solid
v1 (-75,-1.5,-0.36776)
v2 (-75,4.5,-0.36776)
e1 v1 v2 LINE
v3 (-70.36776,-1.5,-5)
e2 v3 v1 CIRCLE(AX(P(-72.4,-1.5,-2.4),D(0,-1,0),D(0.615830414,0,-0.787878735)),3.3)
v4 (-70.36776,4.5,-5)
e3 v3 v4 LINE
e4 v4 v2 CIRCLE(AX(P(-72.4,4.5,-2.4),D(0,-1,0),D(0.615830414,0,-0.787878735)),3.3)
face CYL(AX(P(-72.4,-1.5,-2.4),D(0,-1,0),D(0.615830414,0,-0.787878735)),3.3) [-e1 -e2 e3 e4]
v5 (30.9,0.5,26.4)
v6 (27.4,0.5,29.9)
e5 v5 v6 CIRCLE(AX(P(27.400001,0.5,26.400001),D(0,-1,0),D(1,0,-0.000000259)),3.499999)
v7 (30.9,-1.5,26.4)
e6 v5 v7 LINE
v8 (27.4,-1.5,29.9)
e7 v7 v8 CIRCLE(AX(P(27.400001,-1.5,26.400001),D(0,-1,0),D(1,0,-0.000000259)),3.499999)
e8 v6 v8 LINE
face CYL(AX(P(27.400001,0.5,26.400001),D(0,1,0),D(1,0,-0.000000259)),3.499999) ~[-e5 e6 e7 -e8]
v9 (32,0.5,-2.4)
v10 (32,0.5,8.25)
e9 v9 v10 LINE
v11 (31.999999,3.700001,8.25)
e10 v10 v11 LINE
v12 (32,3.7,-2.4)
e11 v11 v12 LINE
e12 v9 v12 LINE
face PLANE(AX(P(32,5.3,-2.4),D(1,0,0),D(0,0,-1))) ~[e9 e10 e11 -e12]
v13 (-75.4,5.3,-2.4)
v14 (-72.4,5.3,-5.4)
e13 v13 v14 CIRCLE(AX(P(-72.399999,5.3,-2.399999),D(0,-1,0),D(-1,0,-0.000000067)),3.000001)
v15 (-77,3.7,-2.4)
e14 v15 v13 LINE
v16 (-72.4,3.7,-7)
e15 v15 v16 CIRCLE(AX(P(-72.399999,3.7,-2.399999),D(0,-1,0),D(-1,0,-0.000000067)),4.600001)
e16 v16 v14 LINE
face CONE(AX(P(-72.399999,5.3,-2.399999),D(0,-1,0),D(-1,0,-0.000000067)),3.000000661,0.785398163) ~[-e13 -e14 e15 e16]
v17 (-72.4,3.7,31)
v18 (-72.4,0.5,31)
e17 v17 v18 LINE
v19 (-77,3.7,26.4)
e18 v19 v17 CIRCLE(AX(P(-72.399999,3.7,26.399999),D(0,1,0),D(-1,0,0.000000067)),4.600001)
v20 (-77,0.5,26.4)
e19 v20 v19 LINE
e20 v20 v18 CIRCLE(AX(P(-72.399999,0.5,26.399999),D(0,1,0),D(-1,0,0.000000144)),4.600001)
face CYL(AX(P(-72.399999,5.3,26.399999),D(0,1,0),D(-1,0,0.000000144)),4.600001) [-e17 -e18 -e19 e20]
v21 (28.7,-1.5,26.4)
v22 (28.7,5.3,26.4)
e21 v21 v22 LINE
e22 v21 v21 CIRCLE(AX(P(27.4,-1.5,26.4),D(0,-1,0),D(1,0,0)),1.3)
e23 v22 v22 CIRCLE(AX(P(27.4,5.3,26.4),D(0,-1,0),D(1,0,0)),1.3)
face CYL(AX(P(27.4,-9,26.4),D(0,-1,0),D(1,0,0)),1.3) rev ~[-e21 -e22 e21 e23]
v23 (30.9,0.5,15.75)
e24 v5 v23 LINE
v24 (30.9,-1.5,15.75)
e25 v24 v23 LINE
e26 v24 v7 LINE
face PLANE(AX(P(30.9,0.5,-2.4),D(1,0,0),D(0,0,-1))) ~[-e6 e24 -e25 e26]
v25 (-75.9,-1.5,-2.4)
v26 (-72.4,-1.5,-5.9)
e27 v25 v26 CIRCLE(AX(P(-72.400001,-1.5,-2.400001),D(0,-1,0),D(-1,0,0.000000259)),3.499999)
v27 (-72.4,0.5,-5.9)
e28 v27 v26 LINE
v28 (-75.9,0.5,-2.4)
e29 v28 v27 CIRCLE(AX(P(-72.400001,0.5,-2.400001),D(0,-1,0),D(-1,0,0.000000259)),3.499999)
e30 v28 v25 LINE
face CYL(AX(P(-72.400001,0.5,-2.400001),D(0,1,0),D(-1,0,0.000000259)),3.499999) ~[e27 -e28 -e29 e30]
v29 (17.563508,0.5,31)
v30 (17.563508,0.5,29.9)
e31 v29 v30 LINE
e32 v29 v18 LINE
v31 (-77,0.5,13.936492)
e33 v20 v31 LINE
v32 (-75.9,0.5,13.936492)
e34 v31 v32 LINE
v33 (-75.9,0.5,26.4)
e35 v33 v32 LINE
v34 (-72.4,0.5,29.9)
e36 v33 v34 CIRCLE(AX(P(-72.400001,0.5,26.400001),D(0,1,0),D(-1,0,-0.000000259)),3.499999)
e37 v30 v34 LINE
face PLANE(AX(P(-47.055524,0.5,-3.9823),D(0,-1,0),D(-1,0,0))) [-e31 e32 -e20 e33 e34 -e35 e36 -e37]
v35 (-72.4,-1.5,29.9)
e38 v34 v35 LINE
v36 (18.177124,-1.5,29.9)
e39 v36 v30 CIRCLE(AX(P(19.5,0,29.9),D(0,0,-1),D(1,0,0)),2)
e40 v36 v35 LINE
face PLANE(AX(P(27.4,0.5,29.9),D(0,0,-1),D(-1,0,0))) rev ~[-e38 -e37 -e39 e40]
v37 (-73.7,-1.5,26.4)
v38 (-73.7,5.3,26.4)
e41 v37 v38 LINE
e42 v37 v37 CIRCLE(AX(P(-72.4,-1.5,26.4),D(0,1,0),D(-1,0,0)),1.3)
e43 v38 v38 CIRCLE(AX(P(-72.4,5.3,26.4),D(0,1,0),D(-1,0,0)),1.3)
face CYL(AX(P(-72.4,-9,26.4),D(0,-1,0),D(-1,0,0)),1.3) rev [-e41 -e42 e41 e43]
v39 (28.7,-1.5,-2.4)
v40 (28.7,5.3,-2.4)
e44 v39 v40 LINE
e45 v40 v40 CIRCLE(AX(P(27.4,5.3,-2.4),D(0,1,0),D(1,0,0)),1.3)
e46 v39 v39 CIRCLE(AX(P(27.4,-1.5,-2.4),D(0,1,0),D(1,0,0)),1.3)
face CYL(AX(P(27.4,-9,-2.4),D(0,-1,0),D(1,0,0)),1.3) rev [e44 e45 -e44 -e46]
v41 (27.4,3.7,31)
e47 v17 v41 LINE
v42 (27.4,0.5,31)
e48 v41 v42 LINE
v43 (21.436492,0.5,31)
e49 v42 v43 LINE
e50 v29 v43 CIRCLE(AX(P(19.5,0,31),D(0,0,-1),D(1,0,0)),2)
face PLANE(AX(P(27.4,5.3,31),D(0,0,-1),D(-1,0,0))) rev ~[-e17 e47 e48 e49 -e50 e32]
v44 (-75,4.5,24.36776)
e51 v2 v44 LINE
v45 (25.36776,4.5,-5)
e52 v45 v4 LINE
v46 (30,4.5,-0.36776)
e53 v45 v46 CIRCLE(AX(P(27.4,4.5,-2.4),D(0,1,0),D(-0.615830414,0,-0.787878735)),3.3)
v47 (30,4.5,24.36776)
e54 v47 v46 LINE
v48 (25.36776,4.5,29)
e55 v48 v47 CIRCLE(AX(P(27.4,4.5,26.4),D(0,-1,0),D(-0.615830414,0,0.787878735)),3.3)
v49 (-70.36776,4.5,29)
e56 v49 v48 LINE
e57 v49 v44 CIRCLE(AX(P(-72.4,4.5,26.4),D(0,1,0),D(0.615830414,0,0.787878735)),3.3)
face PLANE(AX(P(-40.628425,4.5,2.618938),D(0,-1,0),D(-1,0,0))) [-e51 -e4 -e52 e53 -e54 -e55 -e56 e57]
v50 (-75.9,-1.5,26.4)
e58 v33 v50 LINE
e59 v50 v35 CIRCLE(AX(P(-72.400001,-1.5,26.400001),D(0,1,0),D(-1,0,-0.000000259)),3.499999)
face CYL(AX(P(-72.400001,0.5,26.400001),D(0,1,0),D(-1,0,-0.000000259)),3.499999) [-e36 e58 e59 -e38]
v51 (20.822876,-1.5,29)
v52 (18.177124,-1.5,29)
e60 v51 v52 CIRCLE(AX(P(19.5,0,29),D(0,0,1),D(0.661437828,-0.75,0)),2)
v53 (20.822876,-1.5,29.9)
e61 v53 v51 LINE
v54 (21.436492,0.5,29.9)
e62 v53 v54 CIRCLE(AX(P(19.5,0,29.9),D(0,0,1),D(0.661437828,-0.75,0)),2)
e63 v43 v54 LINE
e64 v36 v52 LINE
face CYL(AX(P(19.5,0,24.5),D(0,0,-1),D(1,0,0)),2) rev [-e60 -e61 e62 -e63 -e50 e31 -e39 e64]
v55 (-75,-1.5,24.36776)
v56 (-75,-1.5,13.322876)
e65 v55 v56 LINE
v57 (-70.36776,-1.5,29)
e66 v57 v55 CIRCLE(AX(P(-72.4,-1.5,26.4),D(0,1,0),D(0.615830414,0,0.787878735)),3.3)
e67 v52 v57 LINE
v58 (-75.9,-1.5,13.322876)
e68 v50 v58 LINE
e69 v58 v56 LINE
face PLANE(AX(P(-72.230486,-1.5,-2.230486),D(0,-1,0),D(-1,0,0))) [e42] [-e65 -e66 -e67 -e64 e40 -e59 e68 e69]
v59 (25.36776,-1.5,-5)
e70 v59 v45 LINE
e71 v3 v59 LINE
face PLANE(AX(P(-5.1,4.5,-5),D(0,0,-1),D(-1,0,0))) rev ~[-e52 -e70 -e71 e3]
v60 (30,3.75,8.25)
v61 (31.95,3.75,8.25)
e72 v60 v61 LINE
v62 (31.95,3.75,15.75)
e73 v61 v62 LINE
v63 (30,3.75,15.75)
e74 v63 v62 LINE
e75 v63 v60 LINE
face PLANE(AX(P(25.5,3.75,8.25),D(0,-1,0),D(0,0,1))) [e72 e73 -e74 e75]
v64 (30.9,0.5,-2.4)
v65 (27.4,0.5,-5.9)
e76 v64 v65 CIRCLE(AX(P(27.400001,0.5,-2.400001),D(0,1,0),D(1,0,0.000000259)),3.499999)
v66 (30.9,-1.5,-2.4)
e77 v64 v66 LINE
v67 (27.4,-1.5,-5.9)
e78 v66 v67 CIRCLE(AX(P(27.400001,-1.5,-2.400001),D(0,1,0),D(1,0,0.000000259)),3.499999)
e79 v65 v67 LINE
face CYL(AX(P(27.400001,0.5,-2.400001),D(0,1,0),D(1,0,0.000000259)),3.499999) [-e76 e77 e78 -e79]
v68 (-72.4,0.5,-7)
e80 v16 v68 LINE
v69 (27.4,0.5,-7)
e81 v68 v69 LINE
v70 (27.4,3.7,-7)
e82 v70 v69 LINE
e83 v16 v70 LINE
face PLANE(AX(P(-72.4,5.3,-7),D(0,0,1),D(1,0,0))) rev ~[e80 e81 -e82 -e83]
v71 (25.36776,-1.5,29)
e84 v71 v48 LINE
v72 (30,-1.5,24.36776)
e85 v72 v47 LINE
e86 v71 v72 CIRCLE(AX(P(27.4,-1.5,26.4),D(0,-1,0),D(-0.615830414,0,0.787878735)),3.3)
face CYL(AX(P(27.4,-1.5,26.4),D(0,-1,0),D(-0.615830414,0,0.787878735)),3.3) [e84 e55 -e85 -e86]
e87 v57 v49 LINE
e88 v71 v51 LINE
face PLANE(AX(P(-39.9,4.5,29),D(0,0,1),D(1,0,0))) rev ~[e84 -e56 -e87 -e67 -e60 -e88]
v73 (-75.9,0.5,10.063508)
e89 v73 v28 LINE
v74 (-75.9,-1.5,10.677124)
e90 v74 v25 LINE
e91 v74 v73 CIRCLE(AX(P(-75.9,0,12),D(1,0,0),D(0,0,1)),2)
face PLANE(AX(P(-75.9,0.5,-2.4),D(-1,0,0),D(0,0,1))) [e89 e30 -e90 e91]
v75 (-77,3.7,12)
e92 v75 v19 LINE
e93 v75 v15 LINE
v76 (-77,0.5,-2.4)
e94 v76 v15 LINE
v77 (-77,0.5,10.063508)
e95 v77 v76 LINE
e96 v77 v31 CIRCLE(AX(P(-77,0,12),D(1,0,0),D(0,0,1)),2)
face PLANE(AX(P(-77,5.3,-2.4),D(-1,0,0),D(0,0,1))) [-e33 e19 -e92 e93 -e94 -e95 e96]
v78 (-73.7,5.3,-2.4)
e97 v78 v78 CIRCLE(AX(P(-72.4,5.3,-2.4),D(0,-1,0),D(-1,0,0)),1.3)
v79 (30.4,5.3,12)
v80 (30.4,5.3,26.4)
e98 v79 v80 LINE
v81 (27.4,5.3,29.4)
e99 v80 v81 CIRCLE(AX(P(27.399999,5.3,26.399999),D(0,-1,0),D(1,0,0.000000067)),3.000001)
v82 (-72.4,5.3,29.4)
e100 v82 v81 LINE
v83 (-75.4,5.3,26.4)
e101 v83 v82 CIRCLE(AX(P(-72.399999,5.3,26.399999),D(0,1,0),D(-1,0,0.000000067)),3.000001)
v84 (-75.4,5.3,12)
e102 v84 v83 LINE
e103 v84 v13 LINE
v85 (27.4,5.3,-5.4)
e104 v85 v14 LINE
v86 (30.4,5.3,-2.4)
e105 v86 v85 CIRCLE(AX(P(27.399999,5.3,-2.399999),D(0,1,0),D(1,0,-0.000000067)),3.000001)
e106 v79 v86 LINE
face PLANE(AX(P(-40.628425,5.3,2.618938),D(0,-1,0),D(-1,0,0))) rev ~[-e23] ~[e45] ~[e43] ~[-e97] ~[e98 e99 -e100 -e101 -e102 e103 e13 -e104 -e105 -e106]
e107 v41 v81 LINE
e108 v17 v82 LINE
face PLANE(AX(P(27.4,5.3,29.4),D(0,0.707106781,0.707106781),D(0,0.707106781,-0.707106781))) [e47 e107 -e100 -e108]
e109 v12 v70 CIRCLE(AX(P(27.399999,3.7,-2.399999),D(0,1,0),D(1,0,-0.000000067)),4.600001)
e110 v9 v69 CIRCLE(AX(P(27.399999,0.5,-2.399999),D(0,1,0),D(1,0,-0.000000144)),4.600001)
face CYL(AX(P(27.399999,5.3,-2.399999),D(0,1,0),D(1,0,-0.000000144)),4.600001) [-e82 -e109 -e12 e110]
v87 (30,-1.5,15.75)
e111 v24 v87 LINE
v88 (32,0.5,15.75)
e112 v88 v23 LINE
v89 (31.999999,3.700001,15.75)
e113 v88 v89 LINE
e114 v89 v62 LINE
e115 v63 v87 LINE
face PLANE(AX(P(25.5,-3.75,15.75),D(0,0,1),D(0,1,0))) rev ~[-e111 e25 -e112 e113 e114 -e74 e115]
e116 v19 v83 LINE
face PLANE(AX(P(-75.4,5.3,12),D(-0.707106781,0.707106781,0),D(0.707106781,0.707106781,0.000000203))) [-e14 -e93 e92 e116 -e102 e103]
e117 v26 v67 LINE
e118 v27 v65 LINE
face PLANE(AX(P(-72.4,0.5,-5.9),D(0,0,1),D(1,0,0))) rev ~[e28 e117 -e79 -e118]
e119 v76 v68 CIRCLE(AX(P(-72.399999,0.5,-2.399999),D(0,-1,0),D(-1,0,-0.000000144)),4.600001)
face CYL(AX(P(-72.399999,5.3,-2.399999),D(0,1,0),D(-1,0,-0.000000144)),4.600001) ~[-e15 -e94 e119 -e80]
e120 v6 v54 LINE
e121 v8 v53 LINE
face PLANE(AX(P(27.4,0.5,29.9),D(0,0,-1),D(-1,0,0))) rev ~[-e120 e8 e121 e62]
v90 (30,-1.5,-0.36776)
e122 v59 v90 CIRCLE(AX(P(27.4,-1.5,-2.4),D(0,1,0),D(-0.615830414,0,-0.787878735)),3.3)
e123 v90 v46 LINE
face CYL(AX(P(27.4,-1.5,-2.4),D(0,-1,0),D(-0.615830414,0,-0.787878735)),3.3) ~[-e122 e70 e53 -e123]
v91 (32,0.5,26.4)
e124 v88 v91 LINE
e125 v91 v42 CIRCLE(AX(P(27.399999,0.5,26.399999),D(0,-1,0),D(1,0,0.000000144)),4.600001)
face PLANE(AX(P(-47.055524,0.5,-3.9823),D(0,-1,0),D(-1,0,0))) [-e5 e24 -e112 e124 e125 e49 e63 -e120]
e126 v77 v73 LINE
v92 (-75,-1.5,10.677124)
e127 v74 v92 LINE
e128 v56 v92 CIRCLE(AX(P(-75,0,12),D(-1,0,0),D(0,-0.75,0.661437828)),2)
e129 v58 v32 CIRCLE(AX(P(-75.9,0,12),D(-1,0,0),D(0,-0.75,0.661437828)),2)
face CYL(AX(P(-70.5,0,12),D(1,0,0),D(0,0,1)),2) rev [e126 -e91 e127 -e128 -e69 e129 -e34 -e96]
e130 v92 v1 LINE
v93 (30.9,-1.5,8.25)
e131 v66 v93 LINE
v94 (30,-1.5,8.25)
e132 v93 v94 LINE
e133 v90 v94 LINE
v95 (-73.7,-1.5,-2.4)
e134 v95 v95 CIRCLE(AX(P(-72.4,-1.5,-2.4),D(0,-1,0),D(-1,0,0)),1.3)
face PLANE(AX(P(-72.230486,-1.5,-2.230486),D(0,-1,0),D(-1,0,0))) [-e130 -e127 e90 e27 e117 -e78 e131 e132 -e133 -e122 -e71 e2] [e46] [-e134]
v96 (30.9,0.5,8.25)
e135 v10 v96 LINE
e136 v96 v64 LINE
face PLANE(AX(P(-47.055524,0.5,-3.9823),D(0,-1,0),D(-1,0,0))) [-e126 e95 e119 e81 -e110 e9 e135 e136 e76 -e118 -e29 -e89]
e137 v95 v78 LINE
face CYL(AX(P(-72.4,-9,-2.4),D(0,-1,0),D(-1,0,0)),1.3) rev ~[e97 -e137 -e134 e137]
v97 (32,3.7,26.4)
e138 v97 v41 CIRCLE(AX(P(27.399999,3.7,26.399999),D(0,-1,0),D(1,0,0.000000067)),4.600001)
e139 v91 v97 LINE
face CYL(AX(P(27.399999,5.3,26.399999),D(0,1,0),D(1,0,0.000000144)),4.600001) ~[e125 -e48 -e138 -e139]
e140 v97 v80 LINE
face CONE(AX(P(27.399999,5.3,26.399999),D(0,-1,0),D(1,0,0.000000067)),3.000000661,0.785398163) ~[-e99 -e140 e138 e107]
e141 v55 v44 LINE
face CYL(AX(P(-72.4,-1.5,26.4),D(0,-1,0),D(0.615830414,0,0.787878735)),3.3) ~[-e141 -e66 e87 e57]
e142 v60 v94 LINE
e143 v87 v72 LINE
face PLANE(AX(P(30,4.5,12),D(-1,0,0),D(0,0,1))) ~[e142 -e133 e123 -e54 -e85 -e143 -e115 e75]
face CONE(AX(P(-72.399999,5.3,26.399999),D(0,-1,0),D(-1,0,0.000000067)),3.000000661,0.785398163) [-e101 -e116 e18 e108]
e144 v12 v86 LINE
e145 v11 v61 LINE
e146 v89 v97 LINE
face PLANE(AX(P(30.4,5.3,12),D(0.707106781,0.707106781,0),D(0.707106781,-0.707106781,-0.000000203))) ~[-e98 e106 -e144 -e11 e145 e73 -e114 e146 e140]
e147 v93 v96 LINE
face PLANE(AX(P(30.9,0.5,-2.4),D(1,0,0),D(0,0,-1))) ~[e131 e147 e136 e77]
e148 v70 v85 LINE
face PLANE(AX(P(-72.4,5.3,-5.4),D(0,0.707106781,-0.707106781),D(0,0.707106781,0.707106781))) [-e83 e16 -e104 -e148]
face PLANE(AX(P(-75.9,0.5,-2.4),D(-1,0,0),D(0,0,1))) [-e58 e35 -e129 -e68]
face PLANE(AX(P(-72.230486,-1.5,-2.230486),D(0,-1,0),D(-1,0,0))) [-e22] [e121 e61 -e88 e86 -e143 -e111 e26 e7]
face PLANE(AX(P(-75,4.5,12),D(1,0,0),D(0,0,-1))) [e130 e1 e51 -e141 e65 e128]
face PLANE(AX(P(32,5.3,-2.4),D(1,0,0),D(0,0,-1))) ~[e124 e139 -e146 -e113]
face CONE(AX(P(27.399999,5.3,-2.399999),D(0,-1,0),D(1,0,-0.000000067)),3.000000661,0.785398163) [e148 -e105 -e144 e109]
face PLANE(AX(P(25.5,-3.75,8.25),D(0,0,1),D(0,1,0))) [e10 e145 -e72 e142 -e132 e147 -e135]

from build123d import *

# Parameters (mm, degrees)
CYLINDER003_R     = 2
CYLINDER003_DEPTH = 10
CYLINDER001_R     = 2
CYLINDER001_DEPTH = 10
SKETCH037_W       = 7.5
SKETCH037_H       = 7.5
EXTRUDE045_DEPTH  = 10
SKETCH005_R       = 1.3
EXTRUDE003_DEPTH  = 20
EXTRUDE039_DEPTH  = 4
EXTRUDE042_DEPTH  = 0.8
EXTRUDE002_DEPTH  = 6
EXTRUDE037_DEPTH  = 2


with BuildPart() as shutter_cable001:
    # Cylinder003 → Cylinder003 (new body)
    with BuildSketch(Plane(origin=(19.5, 0, 24.5), x_dir=(1, 0, 0), z_dir=(0, 0, 1))):
        Circle(CYLINDER003_R)
    extrude(amount=CYLINDER003_DEPTH)


with BuildPart() as battery_cable:
    # Cylinder001 → Cylinder001 (new body)
    with BuildSketch(Plane(origin=(-70.5, 0, 12), x_dir=(0, 0, 1), z_dir=(-1, 0, 0))):
        Circle(CYLINDER001_R)
    extrude(amount=CYLINDER001_DEPTH)


with BuildPart() as common_sub:
    # Sketch037 → Extrude045 (new body)
    with BuildSketch(Plane.YZ.offset(35)):
        with Locations((0, 12)):
            Rectangle(SKETCH037_W, SKETCH037_H)
    extrude(amount=EXTRUDE045_DEPTH)


with BuildPart() as common_sub_1:
    # Extrude045 placement: moved
    add(common_sub.part.moved(Location((-9.5, 0, 0))))

    # Fusion033: union shutter cable001, battery cable
    add(shutter_cable001.part)
    add(battery_cable.part)


with BuildPart() as sweep001:
    # Sweep001: sweep along a path in Sketch034
    with BuildLine(Plane.XZ.offset(10)) as sweep001_path:
        Line((32, 12), (32, 26.4))
        ThreePointArc((32, 26.4), (30.652691, 29.652691), (27.4, 31))
        Line((27.4, 31), (-39.9, 31))
    # Sketch035 → Sweep001 (sweep)
    with BuildSketch(Plane.YZ):
        Polygon((5.3, 29.4), (3.7, 31), (3.7, 32), (6, 32), (6, 29.4), align=None)
    sweep(path=sweep001_path.line)


with BuildPart() as fusion030:
    # Sketch005 → Extrude003 (new body)
    with BuildSketch(Plane.XZ.offset(5)):
        with Locations((27.4, 26.4)):
            Circle(SKETCH005_R)
    extrude(amount=-EXTRUDE003_DEPTH)


with BuildPart() as fusion030_1:
    # Extrude003 placement: moved
    add(fusion030.part.moved(Location((0, -4, 0))))

    # Fusion030: union Sweep001
    add(sweep001.part)


with BuildPart() as top003:
    # Sketch028 → Extrude039 (new body)
    with BuildSketch(Plane.XZ.offset(10)):
        with BuildLine():
            ThreePointArc((32, 26.4), (30.652691, 29.652691), (27.4, 31))
            Line((27.4, 31), (-39.9, 31))
            Line((-39.9, 31), (-39.9, 29))
            Line((-39.9, 29), (27.4, 29))
            ThreePointArc((30, 26.4), (29.238478, 28.238478), (27.4, 29))
            Line((30, 12), (30, 26.4))
            Line((32, 12), (30, 12))
            Line((32, 26.4), (32, 12))
        make_face()
    extrude(amount=EXTRUDE039_DEPTH)


with BuildPart() as top003_1:
    # Extrude039 placement: moved
    add(top003.part.moved(Location((0, 14.5, 0))))


with BuildPart() as top002:
    # Sketch031 → Extrude042 (new body)
    with BuildSketch(Plane.XZ.offset(10)):
        with BuildLine():
            ThreePointArc((32, 26.4), (30.652691, 29.652691), (27.4, 31))
            Line((27.4, 31), (-39.9, 31))
            Line((-39.9, 31), (-39.9, 12))
            Line((-39.9, 12), (32, 12))
            Line((32, 26.4), (32, 12))
        make_face()
    extrude(amount=EXTRUDE042_DEPTH)


with BuildPart() as top002_1:
    # Extrude042 placement: moved
    add(top002.part.moved(Location((0, 15.3, 0))))


with BuildPart() as screw_hole_top:
    # Sketch004 → Extrude002 (new body)
    with BuildSketch(Plane.XZ.offset(10)):
        with BuildLine():
            ThreePointArc((25.36776, 29), (25.066548, 24.066548), (30, 24.36776))
            Line((30, 24.36776), (30, 26.4))
            ThreePointArc((30, 26.4), (29.238478, 28.238478), (27.4, 29))
            Line((25.36776, 29), (27.4, 29))
        make_face()
    extrude(amount=-EXTRUDE002_DEPTH)


with BuildPart() as screw_hole_top_1:
    # Extrude002 placement: moved
    add(screw_hole_top.part.moved(Location((0, 8.5, 0))))


with BuildPart() as top:
    # Sketch029 → Extrude037 (new body)
    with BuildSketch(Plane.XZ.offset(10)):
        with BuildLine():
            ThreePointArc((30.9, 26.4), (29.874874, 28.874874), (27.4, 29.9))
            Line((27.4, 29.9), (-22.5, 29.9))
            Line((-22.5, 29.9), (-22.5, 29))
            Line((-22.5, 29), (27.4, 29))
            ThreePointArc((30, 26.4), (29.238478, 28.238478), (27.4, 29))
            Line((30, 12), (30, 26.4))
            Line((30.9, 12), (30, 12))
            Line((30.9, 26.4), (30.9, 12))
        make_face()
    extrude(amount=EXTRUDE037_DEPTH)


with BuildPart() as top_1:
    # Extrude037 placement: moved
    add(top.part.moved(Location((0, 10.5, 0))))

    # Fusion028: union top003, top002, screw hole top
    add(top003_1.part)
    add(top002_1.part)
    add(screw_hole_top_1.part)

    # Cut024: cut Fusion030
    add(fusion030_1.part, mode=Mode.SUBTRACT)


with BuildPart() as part_mirroring:
    # Part__Mirroring: instance of top
    add(top_1.part.mirror(Plane(origin=(0, 0, 12), x_dir=(0, 1, 0), z_dir=(0, 0, 1))))


with BuildPart() as part_mirroring002:
    # Part__Mirroring002: instance of Part__Mirroring
    add(part_mirroring.part.mirror(Plane(origin=(-22.5, 1, 0), x_dir=(0, -1, 0), z_dir=(1, 0, 0))))


with BuildPart() as top007:
    # Part__Mirroring003: instance of top
    add(top_1.part.mirror(Plane(origin=(-22.5, 0, 0), x_dir=(0, -1, 0), z_dir=(1, 0, 0))))

    # Fusion032: union top, Part__Mirroring, Part__Mirroring002
    add(top_1.part)
    add(part_mirroring.part)
    add(part_mirroring002.part)

    # Cut025: cut common sub
    add(common_sub_1.part, mode=Mode.SUBTRACT)


solid = top007.part
